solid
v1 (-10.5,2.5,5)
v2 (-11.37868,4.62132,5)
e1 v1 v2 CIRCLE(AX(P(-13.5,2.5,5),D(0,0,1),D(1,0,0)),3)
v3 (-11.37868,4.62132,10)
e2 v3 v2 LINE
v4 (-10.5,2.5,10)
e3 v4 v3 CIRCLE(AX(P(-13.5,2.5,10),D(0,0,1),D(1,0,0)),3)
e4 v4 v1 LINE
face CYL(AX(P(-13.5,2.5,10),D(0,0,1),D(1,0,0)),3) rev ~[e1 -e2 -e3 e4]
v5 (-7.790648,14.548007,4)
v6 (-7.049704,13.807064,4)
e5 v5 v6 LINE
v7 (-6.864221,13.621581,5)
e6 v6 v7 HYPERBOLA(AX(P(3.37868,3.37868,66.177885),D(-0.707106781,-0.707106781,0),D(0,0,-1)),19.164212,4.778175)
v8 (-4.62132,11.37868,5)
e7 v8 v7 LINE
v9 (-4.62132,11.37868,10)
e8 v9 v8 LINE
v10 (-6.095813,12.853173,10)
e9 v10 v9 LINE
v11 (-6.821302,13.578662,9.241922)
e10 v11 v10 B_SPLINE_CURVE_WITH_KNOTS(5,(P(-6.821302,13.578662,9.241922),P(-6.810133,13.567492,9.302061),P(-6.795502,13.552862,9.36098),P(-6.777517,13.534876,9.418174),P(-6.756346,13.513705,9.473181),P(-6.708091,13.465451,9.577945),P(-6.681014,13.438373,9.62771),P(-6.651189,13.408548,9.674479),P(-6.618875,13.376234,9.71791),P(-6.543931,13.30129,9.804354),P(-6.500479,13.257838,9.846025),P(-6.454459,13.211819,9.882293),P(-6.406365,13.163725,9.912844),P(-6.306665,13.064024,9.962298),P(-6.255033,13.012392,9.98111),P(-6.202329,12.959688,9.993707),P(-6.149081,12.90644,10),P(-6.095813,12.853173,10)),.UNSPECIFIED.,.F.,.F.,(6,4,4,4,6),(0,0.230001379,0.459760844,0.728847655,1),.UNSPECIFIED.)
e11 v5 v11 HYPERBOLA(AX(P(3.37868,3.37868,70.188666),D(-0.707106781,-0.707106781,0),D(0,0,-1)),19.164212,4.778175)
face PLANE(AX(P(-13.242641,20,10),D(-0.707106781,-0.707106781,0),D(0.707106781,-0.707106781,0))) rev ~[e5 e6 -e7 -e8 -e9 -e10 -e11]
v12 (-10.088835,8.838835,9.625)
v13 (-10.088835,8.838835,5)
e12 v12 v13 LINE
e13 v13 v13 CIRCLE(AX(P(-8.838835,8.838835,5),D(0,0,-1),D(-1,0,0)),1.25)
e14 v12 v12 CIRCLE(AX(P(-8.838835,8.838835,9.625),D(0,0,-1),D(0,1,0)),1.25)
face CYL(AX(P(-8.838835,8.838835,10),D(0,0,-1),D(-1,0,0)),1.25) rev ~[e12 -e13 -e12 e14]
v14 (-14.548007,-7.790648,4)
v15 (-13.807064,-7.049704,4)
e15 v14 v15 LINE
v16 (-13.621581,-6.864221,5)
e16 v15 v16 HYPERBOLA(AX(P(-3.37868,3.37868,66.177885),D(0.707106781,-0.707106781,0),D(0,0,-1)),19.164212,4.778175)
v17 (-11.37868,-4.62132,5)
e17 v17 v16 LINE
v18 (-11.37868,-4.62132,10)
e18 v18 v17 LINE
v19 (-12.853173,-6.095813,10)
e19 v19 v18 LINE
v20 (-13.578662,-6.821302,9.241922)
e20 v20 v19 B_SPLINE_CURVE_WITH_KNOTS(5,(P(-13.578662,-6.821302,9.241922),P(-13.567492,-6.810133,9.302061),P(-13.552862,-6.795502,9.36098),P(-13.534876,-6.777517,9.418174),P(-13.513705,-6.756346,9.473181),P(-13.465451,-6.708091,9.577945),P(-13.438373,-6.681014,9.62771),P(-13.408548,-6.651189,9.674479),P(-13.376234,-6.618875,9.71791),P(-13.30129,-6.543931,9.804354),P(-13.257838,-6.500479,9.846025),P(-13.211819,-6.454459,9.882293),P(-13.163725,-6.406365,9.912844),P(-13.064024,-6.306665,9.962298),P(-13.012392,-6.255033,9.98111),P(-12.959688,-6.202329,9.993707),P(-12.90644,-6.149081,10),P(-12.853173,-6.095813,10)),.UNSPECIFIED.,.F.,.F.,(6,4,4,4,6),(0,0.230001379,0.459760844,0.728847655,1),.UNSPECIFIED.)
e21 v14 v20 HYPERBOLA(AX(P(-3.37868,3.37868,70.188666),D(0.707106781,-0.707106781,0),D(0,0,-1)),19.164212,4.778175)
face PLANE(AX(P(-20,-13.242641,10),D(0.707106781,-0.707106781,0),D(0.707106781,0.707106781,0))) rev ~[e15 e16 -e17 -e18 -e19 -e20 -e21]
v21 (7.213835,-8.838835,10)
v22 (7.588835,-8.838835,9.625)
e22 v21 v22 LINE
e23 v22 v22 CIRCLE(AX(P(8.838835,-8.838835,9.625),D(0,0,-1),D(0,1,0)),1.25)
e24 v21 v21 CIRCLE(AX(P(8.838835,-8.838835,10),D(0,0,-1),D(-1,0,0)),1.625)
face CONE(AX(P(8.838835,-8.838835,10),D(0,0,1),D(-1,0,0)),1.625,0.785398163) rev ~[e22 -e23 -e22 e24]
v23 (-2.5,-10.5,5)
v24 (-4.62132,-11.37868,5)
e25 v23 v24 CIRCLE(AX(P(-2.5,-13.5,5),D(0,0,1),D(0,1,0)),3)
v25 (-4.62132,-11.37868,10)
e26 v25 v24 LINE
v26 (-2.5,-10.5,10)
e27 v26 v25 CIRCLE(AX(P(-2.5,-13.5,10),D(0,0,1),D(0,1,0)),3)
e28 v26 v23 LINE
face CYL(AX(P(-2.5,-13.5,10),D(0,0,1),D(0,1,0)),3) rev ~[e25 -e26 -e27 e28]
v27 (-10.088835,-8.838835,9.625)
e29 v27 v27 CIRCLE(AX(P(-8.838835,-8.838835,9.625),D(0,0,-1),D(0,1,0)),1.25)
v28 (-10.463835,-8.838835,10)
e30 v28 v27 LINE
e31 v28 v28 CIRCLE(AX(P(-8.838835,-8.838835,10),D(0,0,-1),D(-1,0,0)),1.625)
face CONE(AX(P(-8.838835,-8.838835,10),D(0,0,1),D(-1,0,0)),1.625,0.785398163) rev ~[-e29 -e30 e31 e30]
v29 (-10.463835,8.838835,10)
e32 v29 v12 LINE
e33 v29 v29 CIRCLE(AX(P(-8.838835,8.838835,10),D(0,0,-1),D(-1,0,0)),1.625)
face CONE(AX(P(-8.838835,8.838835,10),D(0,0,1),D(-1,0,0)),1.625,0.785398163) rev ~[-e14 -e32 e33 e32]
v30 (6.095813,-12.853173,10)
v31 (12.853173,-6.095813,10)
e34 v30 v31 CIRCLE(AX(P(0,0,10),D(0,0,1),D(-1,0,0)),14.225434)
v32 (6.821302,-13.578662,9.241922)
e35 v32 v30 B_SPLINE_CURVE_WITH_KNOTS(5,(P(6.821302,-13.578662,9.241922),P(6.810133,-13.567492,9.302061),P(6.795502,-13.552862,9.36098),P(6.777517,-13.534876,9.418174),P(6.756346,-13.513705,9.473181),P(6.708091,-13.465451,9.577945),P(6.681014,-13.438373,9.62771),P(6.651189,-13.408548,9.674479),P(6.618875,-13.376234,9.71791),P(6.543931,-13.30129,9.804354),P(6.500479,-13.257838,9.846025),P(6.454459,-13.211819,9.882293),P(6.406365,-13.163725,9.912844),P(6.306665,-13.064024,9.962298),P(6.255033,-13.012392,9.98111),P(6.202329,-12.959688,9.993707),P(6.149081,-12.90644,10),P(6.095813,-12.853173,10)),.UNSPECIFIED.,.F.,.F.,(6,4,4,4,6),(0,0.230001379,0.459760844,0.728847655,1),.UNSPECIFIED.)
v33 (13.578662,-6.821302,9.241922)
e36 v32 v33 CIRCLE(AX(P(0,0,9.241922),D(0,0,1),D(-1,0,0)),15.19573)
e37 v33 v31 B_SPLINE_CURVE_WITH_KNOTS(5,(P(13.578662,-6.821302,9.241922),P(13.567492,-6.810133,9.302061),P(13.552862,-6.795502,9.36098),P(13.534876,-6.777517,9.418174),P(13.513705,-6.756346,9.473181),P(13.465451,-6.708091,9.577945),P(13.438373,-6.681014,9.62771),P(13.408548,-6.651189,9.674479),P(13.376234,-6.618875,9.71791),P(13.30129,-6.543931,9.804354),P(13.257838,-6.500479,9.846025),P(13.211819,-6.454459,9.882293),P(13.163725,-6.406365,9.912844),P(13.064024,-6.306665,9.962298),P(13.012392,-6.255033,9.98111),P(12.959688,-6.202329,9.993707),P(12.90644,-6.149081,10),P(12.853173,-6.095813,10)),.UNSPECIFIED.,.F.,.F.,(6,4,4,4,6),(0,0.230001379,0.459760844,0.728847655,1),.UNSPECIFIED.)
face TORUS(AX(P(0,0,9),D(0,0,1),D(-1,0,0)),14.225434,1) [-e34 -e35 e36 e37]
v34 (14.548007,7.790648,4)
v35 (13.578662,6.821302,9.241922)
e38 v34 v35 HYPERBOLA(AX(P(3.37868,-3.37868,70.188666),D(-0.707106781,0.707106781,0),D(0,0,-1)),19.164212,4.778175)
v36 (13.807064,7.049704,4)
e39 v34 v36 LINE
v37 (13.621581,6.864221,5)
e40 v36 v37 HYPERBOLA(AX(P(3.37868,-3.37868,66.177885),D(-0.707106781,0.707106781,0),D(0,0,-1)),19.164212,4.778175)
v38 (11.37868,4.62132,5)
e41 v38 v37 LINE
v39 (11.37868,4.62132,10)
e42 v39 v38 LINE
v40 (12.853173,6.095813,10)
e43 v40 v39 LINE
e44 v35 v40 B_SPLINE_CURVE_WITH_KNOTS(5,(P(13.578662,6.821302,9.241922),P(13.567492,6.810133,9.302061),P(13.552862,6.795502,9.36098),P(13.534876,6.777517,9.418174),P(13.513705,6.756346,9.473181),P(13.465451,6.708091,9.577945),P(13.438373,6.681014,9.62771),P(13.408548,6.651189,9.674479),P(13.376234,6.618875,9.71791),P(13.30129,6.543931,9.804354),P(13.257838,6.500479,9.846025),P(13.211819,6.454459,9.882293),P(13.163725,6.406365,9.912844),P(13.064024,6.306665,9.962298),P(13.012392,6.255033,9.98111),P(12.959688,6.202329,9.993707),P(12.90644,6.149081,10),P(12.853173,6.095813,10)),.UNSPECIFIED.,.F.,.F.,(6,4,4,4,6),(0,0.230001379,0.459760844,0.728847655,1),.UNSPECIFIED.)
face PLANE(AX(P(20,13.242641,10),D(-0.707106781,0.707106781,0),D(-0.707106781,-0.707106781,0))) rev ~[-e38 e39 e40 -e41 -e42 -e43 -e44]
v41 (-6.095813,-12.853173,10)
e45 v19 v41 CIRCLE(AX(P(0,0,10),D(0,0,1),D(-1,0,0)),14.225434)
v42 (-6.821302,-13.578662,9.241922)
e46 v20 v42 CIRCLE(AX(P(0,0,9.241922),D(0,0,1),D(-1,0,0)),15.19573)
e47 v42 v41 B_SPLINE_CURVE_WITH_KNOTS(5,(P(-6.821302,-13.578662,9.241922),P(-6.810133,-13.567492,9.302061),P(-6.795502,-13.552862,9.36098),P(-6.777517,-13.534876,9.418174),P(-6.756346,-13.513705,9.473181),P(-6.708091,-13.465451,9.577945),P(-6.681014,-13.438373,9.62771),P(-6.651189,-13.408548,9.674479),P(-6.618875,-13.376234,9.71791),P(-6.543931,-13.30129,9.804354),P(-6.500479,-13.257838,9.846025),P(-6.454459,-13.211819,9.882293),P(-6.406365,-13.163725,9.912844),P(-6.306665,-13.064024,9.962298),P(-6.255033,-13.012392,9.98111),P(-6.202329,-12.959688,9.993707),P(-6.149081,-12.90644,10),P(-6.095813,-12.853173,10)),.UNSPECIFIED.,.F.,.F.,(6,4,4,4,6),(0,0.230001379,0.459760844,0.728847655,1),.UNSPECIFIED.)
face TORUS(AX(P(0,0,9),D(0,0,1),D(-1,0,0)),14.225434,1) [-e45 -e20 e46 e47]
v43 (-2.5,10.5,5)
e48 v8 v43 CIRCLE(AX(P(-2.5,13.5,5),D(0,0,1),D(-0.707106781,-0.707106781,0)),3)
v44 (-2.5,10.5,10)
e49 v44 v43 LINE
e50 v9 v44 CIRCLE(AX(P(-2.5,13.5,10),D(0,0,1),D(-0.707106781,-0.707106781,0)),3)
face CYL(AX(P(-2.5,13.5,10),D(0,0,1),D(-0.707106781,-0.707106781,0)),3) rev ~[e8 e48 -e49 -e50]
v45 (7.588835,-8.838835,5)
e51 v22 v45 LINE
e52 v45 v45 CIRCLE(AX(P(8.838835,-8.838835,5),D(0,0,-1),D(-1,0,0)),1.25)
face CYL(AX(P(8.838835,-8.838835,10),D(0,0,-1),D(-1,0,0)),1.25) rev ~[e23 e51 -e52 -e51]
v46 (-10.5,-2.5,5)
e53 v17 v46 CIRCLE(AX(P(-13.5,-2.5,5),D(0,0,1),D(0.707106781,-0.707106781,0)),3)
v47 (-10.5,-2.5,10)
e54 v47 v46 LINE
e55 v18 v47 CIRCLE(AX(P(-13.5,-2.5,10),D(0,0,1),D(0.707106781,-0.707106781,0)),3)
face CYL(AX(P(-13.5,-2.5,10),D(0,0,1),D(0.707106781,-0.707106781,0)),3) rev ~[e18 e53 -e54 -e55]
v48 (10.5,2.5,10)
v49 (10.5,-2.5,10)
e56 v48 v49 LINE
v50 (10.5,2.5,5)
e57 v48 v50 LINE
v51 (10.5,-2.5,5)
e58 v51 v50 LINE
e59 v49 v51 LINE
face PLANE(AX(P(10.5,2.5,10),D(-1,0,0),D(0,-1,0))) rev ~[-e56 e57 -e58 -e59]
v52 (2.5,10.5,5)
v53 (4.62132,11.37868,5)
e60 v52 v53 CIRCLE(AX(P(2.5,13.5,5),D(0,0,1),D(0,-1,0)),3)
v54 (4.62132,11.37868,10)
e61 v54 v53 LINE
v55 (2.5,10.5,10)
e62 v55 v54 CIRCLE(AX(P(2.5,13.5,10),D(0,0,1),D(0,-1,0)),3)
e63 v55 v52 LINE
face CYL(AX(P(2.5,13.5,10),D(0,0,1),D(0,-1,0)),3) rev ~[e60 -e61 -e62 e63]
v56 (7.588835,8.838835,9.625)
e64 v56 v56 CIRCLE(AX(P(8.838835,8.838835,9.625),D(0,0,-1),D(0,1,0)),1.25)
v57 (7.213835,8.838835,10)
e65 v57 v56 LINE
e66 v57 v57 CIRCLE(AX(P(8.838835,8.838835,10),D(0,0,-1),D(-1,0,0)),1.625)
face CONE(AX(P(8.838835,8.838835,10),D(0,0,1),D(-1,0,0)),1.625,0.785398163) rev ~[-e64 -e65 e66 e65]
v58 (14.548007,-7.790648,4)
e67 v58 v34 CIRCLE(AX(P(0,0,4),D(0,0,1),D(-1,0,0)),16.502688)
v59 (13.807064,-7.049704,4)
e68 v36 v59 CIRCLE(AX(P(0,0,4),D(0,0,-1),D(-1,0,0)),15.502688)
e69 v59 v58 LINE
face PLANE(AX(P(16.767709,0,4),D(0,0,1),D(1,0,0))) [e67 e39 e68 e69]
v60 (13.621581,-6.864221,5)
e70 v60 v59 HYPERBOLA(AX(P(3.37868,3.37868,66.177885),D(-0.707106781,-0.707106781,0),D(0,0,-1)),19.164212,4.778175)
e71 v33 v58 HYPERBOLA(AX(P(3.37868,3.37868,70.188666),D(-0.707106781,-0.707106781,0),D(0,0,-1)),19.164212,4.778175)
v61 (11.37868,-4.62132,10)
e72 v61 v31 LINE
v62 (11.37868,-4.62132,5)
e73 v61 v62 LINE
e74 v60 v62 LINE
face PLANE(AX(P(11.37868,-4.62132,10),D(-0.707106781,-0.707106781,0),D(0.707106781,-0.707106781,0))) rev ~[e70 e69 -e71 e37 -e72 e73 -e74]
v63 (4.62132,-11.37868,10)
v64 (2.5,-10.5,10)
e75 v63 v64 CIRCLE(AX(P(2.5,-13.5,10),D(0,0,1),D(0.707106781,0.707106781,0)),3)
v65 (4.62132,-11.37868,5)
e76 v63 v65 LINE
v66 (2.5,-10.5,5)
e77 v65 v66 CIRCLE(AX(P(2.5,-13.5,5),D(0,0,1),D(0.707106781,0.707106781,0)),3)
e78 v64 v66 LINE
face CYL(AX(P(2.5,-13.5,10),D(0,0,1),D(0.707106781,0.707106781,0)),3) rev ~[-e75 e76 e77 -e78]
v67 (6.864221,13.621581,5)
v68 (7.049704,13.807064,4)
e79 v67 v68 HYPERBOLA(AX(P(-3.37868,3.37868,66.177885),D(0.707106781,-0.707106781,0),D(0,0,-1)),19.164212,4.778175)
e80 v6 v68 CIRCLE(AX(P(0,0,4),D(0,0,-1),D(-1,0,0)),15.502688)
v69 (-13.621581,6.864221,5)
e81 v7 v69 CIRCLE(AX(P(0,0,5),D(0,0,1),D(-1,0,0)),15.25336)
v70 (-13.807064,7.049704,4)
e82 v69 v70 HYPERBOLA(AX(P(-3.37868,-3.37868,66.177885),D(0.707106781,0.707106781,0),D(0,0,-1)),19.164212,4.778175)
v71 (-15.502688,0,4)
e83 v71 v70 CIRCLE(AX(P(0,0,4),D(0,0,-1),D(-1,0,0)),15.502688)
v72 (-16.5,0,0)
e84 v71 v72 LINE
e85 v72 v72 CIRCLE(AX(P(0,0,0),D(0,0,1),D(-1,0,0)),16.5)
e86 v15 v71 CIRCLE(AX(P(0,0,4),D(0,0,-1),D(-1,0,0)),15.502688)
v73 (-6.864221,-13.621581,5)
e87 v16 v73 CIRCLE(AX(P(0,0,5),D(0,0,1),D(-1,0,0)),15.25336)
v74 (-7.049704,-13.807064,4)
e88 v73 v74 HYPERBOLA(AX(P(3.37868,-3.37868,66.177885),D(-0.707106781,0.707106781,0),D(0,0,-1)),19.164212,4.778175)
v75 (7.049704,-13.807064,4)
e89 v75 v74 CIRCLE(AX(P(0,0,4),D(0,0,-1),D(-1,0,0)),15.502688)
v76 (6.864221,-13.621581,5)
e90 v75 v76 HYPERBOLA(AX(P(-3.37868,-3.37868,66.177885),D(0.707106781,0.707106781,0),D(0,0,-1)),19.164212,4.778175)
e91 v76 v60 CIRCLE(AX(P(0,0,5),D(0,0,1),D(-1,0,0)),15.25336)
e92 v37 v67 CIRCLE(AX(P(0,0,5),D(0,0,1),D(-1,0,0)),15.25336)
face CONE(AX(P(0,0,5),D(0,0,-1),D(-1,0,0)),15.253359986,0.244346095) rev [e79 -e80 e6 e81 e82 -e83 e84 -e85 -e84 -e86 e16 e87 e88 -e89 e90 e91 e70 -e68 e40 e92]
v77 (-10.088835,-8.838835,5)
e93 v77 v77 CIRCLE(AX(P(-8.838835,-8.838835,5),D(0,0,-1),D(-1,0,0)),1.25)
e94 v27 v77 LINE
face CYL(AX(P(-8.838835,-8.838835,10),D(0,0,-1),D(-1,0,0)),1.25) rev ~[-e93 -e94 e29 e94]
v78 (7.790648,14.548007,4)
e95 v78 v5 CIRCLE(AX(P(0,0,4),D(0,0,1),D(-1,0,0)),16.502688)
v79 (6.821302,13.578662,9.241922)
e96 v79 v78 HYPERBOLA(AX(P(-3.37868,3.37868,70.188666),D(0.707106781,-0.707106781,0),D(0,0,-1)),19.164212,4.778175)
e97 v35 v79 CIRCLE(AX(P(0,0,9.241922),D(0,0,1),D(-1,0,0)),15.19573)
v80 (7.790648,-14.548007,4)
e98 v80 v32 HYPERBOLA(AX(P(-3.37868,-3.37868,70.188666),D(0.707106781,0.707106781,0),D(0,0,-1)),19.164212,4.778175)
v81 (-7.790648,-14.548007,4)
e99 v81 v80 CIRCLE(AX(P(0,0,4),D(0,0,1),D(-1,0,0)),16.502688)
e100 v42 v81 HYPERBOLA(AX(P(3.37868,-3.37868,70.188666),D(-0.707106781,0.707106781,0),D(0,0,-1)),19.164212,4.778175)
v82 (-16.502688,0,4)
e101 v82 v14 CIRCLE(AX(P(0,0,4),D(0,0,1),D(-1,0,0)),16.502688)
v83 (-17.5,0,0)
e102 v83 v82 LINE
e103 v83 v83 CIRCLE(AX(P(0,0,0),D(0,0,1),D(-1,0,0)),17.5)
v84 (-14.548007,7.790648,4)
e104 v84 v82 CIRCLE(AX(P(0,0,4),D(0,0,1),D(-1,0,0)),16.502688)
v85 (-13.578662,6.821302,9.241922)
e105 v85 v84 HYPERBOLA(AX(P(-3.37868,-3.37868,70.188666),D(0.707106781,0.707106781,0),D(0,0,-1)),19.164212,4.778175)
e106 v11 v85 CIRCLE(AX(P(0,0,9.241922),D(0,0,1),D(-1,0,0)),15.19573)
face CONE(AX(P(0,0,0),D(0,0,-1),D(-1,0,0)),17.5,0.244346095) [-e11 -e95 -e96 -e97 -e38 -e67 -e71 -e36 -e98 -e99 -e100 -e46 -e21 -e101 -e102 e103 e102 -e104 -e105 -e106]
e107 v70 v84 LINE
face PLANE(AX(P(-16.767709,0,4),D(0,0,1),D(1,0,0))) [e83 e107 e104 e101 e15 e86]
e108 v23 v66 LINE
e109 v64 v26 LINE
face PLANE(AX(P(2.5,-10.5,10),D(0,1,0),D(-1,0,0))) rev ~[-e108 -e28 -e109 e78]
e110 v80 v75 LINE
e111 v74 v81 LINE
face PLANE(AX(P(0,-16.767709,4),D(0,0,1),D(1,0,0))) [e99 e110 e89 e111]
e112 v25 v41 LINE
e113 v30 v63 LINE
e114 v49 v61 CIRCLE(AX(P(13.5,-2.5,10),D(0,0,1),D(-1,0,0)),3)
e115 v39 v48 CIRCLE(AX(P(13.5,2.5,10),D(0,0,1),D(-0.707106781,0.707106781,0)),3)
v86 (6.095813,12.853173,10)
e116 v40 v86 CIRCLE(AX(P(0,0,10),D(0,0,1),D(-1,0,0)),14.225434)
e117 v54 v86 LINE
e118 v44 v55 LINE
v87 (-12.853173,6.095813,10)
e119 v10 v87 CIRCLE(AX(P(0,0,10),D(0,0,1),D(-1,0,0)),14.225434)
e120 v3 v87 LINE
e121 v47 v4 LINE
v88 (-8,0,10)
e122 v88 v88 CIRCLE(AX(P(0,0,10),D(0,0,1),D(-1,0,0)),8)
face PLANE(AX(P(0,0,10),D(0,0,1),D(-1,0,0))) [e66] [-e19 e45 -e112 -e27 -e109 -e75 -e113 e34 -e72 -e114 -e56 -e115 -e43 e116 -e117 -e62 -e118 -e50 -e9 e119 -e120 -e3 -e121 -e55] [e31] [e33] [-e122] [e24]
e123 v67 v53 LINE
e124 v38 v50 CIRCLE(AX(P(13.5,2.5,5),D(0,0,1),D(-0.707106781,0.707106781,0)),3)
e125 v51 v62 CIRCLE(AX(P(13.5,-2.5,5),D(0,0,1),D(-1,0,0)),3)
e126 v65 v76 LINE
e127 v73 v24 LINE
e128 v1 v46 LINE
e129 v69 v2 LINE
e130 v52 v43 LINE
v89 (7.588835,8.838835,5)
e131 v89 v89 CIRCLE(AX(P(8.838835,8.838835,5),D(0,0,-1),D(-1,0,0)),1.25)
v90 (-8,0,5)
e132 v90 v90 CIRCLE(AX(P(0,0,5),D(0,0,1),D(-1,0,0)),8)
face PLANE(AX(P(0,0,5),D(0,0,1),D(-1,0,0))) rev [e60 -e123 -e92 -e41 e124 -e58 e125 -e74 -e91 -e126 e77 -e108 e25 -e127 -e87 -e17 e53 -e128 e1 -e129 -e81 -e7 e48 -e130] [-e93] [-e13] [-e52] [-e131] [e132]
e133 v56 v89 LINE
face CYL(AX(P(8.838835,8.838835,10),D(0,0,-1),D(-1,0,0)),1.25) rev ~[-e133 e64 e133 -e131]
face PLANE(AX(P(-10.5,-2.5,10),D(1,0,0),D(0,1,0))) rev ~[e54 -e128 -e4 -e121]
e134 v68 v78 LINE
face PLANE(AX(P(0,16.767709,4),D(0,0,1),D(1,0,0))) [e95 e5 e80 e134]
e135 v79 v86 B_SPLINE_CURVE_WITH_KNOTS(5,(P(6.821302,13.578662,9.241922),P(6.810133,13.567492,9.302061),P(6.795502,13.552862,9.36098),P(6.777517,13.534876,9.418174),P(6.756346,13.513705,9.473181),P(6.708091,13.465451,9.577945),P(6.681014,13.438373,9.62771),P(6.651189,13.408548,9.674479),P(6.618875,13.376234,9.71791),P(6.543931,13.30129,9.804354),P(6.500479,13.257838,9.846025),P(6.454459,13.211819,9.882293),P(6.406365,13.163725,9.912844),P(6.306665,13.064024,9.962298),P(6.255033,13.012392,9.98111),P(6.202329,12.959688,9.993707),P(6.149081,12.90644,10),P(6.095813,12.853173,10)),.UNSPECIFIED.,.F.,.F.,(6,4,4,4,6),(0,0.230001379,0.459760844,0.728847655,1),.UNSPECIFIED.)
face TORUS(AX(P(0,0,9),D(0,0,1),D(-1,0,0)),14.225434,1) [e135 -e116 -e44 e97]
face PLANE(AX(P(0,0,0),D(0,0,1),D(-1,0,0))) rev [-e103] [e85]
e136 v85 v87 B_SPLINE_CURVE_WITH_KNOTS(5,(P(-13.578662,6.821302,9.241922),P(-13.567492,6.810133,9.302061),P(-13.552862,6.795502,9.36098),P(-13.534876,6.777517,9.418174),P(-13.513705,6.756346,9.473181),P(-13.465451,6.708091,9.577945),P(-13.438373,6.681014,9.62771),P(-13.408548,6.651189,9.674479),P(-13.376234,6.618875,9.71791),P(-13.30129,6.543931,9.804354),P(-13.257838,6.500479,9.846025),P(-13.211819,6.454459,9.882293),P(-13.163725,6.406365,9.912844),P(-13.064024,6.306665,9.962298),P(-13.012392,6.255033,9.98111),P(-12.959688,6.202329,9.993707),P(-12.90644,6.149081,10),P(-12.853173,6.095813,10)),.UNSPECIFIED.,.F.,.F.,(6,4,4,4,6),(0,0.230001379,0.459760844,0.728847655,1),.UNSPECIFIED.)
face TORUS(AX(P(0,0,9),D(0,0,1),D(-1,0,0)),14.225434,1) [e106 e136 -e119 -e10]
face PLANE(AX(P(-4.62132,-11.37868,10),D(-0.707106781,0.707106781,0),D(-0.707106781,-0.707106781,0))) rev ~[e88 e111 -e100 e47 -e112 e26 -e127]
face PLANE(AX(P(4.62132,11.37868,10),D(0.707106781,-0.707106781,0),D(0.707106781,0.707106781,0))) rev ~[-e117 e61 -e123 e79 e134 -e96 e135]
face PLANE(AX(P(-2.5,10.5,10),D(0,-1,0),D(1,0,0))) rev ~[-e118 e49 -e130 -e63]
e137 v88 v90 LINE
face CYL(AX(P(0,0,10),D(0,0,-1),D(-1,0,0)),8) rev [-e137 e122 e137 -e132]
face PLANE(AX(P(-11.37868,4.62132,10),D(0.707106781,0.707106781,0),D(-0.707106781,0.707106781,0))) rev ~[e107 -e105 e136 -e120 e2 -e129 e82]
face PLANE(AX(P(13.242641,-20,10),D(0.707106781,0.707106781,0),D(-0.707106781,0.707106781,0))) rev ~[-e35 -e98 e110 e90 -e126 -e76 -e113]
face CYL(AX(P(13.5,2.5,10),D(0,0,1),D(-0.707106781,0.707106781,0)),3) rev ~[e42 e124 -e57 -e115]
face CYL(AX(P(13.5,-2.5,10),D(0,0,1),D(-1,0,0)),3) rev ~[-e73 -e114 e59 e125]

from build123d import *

# Parameters (mm, degrees)
FILLET1_R                       = 1
M3X0_5_TAPPED_HOLE1_D           = 2.5
M3X0_5_TAPPED_HOLE1_CSINK_D     = 3.25
M3X0_5_TAPPED_HOLE1_CSINK_ANGLE = 90
CUT_EXTRUDE1_DEPTH              = 6


with BuildPart() as part:
    # Sketch4 → Revolve1 (revolve)
    with BuildSketch(Plane(origin=(0, 0, 0), x_dir=(0, 0, -1), z_dir=(1, 0, 0)), mode=Mode.PRIVATE) as revolve1_sk:
        Polygon((0, 16.5), (0, 17.5), (-10, 15.006719972), (-10, 8), (-5, 8), (-5, 15.253359986), align=None)
    revolve(revolve1_sk.sketch.rotate(Axis((0, 0, 0), (0, 0, 1)), 90), axis=Axis((0, 0, 0), (0, 0, 1)))

    # Fillet1
    fillet1_edges = [part.edges().sort_by_distance(p)[0] for p in [
        (15.006719972, 0, 10),
    ]]
    fillet(fillet1_edges, radius=FILLET1_R)

    # M3x0.5 Tapped Hole1 (through all)
    with Locations(Plane.XY.offset(10)):
        with Locations((8.838834765, 8.838834765), (-8.838834765, 8.838834765), (-8.838834765, -8.838834765), (8.838834765, -8.838834765)):
            CounterSinkHole(M3X0_5_TAPPED_HOLE1_D / 2, M3X0_5_TAPPED_HOLE1_CSINK_D / 2, counter_sink_angle=M3X0_5_TAPPED_HOLE1_CSINK_ANGLE)

    # Sketch9 → Cut-Extrude1 (cut)
    with BuildSketch(Plane.XY.offset(10)):
        with BuildLine():
            Line((-13.242640687, 20), (-4.621320344, 11.378679656))
            ThreePointArc((-4.621320344, 11.378679656), (-3.648050297, 10.728361402), (-2.5, 10.5))
            Line((-2.5, 10.5), (2.5, 10.5))
            ThreePointArc((2.5, 10.5), (3.648050297, 10.728361402), (4.621320344, 11.378679656))
            Line((4.621320344, 11.378679656), (13.242640687, 20))
            Line((13.242640687, 20), (-13.242640687, 20))
        make_face()
        with BuildLine():
            Line((20, 13.242640687), (11.378679656, 4.621320344))
            ThreePointArc((11.378679656, 4.621320344), (10.728361402, 3.648050297), (10.5, 2.5))
            Line((10.5, 2.5), (10.5, -2.5))
            ThreePointArc((10.5, -2.5), (10.728361402, -3.648050297), (11.378679656, -4.621320344))
            Line((11.378679656, -4.621320344), (20, -13.242640687))
            Line((20, -13.242640687), (20, 13.242640687))
        make_face()
        with BuildLine():
            Line((13.242640687, -20), (4.621320344, -11.378679656))
            ThreePointArc((4.621320344, -11.378679656), (3.648050297, -10.728361402), (2.5, -10.5))
            Line((2.5, -10.5), (-2.5, -10.5))
            ThreePointArc((-2.5, -10.5), (-3.648050297, -10.728361402), (-4.621320344, -11.378679656))
            Line((-4.621320344, -11.378679656), (-13.242640687, -20))
            Line((-13.242640687, -20), (13.242640687, -20))
        make_face()
        with BuildLine():
            Line((-20, -13.242640687), (-11.378679656, -4.621320344))
            ThreePointArc((-11.378679656, -4.621320344), (-10.728361402, -3.648050297), (-10.5, -2.5))
            Line((-10.5, -2.5), (-10.5, 2.5))
            ThreePointArc((-10.5, 2.5), (-10.728361402, 3.648050297), (-11.378679656, 4.621320344))
            Line((-11.378679656, 4.621320344), (-20, 13.242640687))
            Line((-20, 13.242640687), (-20, -13.242640687))
        make_face()
    extrude(amount=-CUT_EXTRUDE1_DEPTH, mode=Mode.SUBTRACT)


solid = part.part
